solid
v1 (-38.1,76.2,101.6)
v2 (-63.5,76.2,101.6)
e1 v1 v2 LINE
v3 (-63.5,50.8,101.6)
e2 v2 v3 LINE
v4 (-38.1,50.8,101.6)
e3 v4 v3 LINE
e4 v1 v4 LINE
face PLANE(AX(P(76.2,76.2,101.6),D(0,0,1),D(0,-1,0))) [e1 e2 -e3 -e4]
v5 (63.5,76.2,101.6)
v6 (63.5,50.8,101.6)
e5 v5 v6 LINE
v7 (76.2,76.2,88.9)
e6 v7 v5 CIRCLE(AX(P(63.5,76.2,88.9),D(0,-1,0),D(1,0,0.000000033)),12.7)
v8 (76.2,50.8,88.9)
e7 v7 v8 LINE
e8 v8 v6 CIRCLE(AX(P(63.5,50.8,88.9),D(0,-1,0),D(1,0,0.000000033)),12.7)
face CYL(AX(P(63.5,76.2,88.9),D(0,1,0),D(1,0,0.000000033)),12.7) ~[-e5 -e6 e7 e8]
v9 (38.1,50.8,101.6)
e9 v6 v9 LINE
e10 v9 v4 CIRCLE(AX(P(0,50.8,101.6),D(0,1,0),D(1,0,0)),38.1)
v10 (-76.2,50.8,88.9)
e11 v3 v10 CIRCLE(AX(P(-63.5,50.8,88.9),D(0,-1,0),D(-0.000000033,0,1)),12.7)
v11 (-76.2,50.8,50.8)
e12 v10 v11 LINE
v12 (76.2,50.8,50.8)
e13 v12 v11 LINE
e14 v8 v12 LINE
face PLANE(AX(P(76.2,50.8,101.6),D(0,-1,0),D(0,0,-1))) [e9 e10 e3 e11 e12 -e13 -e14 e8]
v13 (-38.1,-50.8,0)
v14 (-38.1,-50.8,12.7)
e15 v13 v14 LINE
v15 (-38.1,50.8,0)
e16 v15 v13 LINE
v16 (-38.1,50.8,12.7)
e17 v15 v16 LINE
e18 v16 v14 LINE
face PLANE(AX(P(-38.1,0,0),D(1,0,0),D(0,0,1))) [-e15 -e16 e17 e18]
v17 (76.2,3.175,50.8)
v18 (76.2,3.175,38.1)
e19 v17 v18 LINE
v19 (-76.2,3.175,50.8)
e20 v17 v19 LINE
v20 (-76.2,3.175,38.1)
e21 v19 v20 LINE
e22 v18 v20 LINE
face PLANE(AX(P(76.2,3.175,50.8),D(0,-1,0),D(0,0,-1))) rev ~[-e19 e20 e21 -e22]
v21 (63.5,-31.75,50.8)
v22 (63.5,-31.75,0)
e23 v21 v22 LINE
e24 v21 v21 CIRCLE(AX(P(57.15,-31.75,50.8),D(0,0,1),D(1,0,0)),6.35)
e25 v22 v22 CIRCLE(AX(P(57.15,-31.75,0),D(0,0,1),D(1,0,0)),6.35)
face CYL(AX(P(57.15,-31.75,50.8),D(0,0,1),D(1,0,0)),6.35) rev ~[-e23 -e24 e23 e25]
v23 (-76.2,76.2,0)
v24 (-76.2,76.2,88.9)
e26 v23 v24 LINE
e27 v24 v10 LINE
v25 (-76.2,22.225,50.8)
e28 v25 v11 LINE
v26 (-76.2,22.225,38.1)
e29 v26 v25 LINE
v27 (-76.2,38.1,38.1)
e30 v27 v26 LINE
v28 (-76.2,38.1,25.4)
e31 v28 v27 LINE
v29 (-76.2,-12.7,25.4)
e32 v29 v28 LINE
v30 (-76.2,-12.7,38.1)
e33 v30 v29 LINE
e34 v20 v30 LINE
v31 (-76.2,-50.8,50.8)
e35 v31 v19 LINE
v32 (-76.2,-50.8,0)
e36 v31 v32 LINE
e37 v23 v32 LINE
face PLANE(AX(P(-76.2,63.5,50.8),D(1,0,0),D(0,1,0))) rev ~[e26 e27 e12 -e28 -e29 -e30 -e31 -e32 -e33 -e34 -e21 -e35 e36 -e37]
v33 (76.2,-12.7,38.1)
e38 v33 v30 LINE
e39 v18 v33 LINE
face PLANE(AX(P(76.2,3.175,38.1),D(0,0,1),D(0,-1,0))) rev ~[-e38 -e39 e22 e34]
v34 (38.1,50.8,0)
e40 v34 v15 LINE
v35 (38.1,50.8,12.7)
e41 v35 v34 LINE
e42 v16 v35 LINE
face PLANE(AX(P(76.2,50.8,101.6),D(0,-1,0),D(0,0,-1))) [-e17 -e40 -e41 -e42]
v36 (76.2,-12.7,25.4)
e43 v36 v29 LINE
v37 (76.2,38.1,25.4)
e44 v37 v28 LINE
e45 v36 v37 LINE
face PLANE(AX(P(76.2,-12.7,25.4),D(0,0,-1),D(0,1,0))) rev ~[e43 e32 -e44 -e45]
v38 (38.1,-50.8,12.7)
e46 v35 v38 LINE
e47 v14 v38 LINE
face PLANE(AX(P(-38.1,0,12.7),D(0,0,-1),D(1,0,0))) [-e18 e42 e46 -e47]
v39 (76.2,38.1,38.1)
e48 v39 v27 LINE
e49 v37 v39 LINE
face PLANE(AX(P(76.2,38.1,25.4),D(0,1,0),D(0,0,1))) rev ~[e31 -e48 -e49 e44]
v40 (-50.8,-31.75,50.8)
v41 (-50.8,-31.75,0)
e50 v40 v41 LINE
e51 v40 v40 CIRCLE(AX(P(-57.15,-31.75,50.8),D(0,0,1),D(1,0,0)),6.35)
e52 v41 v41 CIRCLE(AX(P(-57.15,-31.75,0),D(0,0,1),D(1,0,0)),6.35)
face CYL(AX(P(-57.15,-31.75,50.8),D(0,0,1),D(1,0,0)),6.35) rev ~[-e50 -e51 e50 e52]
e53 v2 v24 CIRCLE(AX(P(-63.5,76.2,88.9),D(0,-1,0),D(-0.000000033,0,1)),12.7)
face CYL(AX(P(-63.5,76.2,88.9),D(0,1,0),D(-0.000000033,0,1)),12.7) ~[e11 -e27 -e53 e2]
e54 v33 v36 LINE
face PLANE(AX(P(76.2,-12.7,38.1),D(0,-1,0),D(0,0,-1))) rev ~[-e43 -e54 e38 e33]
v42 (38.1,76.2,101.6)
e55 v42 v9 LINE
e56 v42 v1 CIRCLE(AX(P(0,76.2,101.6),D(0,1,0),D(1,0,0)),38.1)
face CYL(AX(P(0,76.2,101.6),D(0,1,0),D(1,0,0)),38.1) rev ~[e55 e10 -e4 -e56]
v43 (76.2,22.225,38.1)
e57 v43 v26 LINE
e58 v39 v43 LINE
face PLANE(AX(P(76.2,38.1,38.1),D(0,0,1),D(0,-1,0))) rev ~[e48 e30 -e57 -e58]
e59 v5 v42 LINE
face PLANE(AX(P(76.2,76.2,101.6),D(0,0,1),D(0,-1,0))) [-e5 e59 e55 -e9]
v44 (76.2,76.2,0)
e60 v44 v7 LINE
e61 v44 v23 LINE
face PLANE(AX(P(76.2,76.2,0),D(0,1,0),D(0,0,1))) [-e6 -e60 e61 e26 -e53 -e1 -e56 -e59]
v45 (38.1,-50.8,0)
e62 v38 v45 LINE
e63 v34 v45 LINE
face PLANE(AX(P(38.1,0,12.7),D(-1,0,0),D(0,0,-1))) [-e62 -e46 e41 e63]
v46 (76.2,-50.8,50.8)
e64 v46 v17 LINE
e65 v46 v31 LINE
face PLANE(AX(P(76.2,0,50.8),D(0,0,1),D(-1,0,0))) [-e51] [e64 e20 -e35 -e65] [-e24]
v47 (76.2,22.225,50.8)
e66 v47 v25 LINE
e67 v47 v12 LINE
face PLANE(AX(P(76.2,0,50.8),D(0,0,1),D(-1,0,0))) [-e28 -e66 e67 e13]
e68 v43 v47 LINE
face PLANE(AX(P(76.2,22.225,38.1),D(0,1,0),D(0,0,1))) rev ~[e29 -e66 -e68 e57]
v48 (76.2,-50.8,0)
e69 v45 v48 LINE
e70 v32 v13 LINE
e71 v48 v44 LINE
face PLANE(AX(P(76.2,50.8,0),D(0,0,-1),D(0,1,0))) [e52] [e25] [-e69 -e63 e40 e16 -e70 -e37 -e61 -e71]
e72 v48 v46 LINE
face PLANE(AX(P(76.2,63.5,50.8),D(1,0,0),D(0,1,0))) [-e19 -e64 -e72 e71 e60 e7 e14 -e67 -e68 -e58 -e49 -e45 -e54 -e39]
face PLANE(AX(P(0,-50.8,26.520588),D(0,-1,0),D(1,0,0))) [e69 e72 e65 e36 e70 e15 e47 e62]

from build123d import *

# Parameters (mm, degrees)
F1_DEPTH  = 50.8
F2_R      = 6.35
F3_DEPTH  = 50.8
F5_DEPTH  = 152.4
F7_DEPTH  = 152.4
F9_DEPTH  = 25.4
F11_DEPTH = 25.4
F13_DEPTH = 25.4


with BuildPart() as f1:
    # F0 (on Front) → F1 (new body, symmetric)
    with BuildSketch(Plane.XZ):
        Polygon((-76.2, 50.8), (-76.2, 0), (-38.1, 0), (-38.1, 12.7), (0, 12.7), (38.1, 12.7), (38.1, 0), (76.2, 0), (76.2, 50.8), align=None)
    extrude(amount=F1_DEPTH, both=True)

    # F2 (on face) → F3 (cut)
    with BuildSketch(Plane.XY.offset(50.8)):
        with Locations((-57.15, -31.75)):
            Circle(F2_R)
        with Locations((57.15, -31.75)):
            Circle(F2_R)
    extrude(amount=-F3_DEPTH, mode=Mode.SUBTRACT)

    # F4 (on face) → F5 (cut)
    with BuildSketch(Plane.YZ.offset(76.2)):
        Polygon((-12.7, 38.1), (-12.7, 25.4), (38.1, 25.4), (38.1, 38.1), (22.225, 38.1), (22.225, 50.8), (3.175, 50.8), (3.175, 38.1), align=None)
    extrude(amount=-F5_DEPTH, mode=Mode.SUBTRACT)

    # F6 (on face) → F7 (join)
    with BuildSketch(Plane.YZ.offset(76.2)):
        Polygon((50.8, 101.6), (50.8, 50.8), (50.8, 0), (76.2, 0), (76.2, 101.6), align=None)
    extrude(amount=-F7_DEPTH)

    # F8 (on face) → F9 (cut)
    with BuildSketch(Plane(origin=(0, 76.2, 0), x_dir=(-1, 0, 0), z_dir=(0, 1, 0))):
        with BuildLine():
            Line((38.1, 101.6), (-38.1, 101.6))
            ThreePointArc((-38.1, 101.6), (0, 63.5), (38.1, 101.6))
        make_face()
    extrude(amount=-F9_DEPTH, mode=Mode.SUBTRACT)

    # F10 (on face) → F11 (cut)
    with BuildSketch(Plane(origin=(0, 76.2, 0), x_dir=(-1, 0, 0), z_dir=(0, 1, 0))):
        with BuildLine():
            ThreePointArc((63.5, 101.6), (72.480256, 97.880256), (76.2, 88.9))
            Line((76.2, 88.9), (76.2, 101.6))
            Line((76.2, 101.6), (63.5, 101.6))
        make_face()
    extrude(amount=-F11_DEPTH, mode=Mode.SUBTRACT)

    # F12 (on face) → F13 (cut)
    with BuildSketch(Plane(origin=(0, 76.2, 0), x_dir=(-1, 0, 0), z_dir=(0, 1, 0))):
        with BuildLine():
            ThreePointArc((-76.2, 88.9), (-72.480256, 97.880256), (-63.5, 101.6))
            Line((-63.5, 101.6), (-76.2, 101.6))
            Line((-76.2, 101.6), (-76.2, 88.9))
        make_face()
    extrude(amount=-F13_DEPTH, mode=Mode.SUBTRACT)


solid = f1.part
